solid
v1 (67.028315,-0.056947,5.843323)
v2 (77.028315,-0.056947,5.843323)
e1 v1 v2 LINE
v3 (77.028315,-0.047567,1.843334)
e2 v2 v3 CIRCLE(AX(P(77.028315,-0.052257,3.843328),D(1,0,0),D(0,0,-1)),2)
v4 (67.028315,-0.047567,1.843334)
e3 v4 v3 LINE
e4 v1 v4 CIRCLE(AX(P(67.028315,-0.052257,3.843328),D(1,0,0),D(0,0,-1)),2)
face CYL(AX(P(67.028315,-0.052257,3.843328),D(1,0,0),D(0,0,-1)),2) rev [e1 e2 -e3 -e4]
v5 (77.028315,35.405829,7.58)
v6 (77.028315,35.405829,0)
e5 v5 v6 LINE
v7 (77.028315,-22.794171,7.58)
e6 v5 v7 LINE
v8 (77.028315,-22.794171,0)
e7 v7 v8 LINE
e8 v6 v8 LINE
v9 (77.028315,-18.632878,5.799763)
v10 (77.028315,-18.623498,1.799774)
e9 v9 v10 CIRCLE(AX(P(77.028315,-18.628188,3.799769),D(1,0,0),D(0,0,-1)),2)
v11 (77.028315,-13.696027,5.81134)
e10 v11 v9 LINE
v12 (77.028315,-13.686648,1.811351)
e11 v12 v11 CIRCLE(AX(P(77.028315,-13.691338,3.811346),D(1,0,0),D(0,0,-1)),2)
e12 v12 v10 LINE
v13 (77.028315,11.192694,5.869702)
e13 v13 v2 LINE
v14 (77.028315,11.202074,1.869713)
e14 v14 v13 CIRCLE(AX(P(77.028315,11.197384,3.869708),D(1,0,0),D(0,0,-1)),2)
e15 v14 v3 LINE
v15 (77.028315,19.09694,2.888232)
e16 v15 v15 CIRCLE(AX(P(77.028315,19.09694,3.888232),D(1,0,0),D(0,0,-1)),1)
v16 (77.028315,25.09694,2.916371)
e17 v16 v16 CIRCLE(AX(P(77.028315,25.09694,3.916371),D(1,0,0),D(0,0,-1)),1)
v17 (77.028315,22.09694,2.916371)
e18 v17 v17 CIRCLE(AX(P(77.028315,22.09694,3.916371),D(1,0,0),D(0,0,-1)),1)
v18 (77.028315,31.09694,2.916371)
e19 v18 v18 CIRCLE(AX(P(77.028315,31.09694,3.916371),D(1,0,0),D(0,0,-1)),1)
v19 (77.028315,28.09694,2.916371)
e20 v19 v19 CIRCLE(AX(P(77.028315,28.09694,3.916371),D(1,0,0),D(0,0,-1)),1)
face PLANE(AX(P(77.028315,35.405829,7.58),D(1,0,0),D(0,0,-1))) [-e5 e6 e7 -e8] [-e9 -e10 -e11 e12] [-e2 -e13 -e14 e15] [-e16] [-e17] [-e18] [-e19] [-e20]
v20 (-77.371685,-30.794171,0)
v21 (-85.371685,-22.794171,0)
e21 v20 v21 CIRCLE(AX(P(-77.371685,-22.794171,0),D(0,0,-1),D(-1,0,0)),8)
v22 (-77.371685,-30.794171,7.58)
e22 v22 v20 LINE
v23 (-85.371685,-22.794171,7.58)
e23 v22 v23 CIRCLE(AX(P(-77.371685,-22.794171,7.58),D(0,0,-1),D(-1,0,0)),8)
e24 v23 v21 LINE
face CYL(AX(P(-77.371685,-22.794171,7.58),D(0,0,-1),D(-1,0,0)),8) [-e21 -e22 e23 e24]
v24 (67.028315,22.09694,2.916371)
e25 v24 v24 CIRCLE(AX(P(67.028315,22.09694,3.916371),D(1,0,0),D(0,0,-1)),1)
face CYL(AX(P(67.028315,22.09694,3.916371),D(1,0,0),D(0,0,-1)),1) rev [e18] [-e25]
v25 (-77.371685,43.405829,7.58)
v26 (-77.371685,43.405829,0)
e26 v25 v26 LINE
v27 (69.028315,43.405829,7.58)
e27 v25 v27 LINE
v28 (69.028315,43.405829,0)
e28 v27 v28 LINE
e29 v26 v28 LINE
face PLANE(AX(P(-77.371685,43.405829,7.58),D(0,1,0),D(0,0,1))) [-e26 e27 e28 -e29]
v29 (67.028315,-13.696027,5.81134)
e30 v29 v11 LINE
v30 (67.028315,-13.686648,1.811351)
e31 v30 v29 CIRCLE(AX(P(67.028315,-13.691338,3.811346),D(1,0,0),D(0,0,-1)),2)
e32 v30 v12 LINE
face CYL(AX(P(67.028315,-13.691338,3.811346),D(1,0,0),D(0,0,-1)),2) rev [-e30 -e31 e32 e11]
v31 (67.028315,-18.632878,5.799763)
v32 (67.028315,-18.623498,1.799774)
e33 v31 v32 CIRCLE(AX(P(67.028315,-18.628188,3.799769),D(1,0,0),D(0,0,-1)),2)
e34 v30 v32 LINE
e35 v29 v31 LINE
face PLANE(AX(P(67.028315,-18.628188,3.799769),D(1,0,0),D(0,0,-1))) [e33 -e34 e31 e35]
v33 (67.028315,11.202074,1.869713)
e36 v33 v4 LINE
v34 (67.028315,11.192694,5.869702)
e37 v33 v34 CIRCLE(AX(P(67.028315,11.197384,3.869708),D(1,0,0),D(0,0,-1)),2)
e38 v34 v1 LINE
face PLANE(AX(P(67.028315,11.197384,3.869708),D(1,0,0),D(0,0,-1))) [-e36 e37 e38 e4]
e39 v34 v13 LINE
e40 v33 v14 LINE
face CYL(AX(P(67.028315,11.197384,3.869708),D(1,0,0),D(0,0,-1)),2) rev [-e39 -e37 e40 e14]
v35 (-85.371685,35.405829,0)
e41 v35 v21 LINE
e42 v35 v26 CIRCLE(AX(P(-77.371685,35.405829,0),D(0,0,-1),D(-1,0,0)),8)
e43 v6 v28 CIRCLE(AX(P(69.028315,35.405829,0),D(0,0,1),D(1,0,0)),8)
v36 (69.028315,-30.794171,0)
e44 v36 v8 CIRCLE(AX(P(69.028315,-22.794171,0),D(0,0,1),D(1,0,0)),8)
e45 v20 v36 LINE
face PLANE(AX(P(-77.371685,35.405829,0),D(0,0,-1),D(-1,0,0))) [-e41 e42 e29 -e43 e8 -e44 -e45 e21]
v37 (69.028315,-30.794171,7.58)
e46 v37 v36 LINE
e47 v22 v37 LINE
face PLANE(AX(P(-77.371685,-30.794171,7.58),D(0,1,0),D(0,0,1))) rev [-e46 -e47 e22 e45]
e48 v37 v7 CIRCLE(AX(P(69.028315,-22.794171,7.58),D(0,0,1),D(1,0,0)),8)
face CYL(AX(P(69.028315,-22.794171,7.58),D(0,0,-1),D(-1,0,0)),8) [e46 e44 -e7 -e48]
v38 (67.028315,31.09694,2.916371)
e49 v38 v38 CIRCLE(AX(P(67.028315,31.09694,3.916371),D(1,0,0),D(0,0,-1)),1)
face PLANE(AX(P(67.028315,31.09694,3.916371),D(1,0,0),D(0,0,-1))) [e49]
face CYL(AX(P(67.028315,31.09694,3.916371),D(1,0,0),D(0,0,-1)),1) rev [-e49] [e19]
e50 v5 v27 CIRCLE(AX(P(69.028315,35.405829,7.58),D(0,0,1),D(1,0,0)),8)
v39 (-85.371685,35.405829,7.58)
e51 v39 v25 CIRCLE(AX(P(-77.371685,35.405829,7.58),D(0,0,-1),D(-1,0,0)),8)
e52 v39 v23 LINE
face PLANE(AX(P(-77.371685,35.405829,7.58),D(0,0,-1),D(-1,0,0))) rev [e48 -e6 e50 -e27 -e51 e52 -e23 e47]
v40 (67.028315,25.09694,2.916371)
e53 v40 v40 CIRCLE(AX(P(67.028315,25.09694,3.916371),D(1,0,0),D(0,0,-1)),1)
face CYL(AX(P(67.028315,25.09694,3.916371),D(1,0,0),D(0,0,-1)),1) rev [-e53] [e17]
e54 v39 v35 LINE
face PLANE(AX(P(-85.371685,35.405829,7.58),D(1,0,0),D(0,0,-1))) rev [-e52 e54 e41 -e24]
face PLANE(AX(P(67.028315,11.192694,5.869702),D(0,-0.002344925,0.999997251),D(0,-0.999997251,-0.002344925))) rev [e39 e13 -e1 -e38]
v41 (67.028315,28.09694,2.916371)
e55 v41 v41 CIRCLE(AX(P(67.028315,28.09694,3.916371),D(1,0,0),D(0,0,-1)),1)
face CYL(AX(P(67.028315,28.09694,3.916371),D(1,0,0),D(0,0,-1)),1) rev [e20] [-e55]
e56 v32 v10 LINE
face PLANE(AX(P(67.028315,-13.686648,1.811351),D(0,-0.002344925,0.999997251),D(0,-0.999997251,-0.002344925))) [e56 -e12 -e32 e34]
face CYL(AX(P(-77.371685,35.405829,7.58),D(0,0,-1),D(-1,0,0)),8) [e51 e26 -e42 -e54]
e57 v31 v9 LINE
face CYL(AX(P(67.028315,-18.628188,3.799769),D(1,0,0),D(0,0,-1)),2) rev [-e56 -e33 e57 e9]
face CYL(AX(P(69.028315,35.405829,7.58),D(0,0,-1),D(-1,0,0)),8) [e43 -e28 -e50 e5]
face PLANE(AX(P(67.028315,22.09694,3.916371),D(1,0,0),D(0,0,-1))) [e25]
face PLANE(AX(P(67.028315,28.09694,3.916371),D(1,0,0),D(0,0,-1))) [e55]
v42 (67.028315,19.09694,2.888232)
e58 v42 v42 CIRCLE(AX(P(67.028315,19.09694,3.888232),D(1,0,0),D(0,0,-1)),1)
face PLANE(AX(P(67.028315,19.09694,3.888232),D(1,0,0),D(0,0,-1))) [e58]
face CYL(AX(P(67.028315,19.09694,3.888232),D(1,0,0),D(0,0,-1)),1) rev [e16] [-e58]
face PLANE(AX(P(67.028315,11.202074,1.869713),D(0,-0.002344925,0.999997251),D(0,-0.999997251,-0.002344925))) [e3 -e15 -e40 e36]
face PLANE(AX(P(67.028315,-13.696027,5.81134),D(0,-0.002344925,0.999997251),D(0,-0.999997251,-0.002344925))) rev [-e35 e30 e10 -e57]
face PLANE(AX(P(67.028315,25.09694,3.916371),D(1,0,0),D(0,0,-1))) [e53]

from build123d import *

# Parameters (mm, degrees)
EXTRUDE_1_DEPTH     = 7.58
SKETCH_2_R          = 1
CUT_EXTRUDE_1_DEPTH = 10


with BuildPart() as part:
    # 草图1 → 凸台-拉伸1 (new body)
    with BuildSketch(Plane.XY):
        with BuildLine():
            Line((-77.371685393, 43.405828583), (69.028314607, 43.405828583))
            ThreePointArc((69.028314607, 43.405828583), (74.685168856, 41.062682833), (77.028314607, 35.405828583))
            Line((77.028314607, 35.405828583), (77.028314607, -22.794171417))
            ThreePointArc((77.028314607, -22.794171417), (74.685168856, -28.451025666), (69.028314607, -30.794171417))
            Line((69.028314607, -30.794171417), (-77.371685393, -30.794171417))
            ThreePointArc((-77.371685393, -30.794171417), (-83.028539643, -28.451025666), (-85.371685393, -22.794171417))
            Line((-85.371685393, -22.794171417), (-85.371685393, 35.405828583))
            ThreePointArc((-85.371685393, 35.405828583), (-83.028539643, 41.062682833), (-77.371685393, 43.405828583))
        make_face()
    extrude(amount=EXTRUDE_1_DEPTH)

    # 草图2 → 切除-拉伸1 (cut)
    with BuildSketch(Plane(origin=(77.028314607, 0, 0), x_dir=(0, 0, -1), z_dir=(1, 0, 0))):
        with Locations((-3.91637094, 31.096940443)):
            Circle(SKETCH_2_R)
        with Locations((-3.91637094, 28.096940443)):
            Circle(SKETCH_2_R)
        with Locations((-3.91637094, 25.096940443)):
            Circle(SKETCH_2_R)
        with Locations((-3.91637094, 22.096940443)):
            Circle(SKETCH_2_R)
        with Locations((-3.888231768, 19.096940443)):
            Circle(SKETCH_2_R)
        with BuildLine():
            Line((-1.869713351, 11.20207357), (-1.843333719, -0.047567419))
            ThreePointArc((-1.843333719, -0.047567419), (-3.838638371, -2.05225177), (-5.843322722, -0.056947118))
            Line((-5.843322722, -0.056947118), (-5.869702354, 11.192693871))
            ThreePointArc((-5.869702354, 11.192693871), (-3.874397702, 13.197378222), (-1.869713351, 11.20207357))
        make_face()
        with BuildLine():
            Line((-1.811351016, -13.686647662), (-1.799774442, -18.623498185))
            ThreePointArc((-1.799774442, -18.623498185), (-3.795079095, -20.628182535), (-5.799763445, -18.632877883))
            Line((-5.799763445, -18.632877883), (-5.811340019, -13.69602736))
            ThreePointArc((-5.811340019, -13.69602736), (-3.816035367, -11.69134301), (-1.811351016, -13.686647662))
        make_face()
    extrude(amount=-CUT_EXTRUDE_1_DEPTH, mode=Mode.SUBTRACT)


solid = part.part
